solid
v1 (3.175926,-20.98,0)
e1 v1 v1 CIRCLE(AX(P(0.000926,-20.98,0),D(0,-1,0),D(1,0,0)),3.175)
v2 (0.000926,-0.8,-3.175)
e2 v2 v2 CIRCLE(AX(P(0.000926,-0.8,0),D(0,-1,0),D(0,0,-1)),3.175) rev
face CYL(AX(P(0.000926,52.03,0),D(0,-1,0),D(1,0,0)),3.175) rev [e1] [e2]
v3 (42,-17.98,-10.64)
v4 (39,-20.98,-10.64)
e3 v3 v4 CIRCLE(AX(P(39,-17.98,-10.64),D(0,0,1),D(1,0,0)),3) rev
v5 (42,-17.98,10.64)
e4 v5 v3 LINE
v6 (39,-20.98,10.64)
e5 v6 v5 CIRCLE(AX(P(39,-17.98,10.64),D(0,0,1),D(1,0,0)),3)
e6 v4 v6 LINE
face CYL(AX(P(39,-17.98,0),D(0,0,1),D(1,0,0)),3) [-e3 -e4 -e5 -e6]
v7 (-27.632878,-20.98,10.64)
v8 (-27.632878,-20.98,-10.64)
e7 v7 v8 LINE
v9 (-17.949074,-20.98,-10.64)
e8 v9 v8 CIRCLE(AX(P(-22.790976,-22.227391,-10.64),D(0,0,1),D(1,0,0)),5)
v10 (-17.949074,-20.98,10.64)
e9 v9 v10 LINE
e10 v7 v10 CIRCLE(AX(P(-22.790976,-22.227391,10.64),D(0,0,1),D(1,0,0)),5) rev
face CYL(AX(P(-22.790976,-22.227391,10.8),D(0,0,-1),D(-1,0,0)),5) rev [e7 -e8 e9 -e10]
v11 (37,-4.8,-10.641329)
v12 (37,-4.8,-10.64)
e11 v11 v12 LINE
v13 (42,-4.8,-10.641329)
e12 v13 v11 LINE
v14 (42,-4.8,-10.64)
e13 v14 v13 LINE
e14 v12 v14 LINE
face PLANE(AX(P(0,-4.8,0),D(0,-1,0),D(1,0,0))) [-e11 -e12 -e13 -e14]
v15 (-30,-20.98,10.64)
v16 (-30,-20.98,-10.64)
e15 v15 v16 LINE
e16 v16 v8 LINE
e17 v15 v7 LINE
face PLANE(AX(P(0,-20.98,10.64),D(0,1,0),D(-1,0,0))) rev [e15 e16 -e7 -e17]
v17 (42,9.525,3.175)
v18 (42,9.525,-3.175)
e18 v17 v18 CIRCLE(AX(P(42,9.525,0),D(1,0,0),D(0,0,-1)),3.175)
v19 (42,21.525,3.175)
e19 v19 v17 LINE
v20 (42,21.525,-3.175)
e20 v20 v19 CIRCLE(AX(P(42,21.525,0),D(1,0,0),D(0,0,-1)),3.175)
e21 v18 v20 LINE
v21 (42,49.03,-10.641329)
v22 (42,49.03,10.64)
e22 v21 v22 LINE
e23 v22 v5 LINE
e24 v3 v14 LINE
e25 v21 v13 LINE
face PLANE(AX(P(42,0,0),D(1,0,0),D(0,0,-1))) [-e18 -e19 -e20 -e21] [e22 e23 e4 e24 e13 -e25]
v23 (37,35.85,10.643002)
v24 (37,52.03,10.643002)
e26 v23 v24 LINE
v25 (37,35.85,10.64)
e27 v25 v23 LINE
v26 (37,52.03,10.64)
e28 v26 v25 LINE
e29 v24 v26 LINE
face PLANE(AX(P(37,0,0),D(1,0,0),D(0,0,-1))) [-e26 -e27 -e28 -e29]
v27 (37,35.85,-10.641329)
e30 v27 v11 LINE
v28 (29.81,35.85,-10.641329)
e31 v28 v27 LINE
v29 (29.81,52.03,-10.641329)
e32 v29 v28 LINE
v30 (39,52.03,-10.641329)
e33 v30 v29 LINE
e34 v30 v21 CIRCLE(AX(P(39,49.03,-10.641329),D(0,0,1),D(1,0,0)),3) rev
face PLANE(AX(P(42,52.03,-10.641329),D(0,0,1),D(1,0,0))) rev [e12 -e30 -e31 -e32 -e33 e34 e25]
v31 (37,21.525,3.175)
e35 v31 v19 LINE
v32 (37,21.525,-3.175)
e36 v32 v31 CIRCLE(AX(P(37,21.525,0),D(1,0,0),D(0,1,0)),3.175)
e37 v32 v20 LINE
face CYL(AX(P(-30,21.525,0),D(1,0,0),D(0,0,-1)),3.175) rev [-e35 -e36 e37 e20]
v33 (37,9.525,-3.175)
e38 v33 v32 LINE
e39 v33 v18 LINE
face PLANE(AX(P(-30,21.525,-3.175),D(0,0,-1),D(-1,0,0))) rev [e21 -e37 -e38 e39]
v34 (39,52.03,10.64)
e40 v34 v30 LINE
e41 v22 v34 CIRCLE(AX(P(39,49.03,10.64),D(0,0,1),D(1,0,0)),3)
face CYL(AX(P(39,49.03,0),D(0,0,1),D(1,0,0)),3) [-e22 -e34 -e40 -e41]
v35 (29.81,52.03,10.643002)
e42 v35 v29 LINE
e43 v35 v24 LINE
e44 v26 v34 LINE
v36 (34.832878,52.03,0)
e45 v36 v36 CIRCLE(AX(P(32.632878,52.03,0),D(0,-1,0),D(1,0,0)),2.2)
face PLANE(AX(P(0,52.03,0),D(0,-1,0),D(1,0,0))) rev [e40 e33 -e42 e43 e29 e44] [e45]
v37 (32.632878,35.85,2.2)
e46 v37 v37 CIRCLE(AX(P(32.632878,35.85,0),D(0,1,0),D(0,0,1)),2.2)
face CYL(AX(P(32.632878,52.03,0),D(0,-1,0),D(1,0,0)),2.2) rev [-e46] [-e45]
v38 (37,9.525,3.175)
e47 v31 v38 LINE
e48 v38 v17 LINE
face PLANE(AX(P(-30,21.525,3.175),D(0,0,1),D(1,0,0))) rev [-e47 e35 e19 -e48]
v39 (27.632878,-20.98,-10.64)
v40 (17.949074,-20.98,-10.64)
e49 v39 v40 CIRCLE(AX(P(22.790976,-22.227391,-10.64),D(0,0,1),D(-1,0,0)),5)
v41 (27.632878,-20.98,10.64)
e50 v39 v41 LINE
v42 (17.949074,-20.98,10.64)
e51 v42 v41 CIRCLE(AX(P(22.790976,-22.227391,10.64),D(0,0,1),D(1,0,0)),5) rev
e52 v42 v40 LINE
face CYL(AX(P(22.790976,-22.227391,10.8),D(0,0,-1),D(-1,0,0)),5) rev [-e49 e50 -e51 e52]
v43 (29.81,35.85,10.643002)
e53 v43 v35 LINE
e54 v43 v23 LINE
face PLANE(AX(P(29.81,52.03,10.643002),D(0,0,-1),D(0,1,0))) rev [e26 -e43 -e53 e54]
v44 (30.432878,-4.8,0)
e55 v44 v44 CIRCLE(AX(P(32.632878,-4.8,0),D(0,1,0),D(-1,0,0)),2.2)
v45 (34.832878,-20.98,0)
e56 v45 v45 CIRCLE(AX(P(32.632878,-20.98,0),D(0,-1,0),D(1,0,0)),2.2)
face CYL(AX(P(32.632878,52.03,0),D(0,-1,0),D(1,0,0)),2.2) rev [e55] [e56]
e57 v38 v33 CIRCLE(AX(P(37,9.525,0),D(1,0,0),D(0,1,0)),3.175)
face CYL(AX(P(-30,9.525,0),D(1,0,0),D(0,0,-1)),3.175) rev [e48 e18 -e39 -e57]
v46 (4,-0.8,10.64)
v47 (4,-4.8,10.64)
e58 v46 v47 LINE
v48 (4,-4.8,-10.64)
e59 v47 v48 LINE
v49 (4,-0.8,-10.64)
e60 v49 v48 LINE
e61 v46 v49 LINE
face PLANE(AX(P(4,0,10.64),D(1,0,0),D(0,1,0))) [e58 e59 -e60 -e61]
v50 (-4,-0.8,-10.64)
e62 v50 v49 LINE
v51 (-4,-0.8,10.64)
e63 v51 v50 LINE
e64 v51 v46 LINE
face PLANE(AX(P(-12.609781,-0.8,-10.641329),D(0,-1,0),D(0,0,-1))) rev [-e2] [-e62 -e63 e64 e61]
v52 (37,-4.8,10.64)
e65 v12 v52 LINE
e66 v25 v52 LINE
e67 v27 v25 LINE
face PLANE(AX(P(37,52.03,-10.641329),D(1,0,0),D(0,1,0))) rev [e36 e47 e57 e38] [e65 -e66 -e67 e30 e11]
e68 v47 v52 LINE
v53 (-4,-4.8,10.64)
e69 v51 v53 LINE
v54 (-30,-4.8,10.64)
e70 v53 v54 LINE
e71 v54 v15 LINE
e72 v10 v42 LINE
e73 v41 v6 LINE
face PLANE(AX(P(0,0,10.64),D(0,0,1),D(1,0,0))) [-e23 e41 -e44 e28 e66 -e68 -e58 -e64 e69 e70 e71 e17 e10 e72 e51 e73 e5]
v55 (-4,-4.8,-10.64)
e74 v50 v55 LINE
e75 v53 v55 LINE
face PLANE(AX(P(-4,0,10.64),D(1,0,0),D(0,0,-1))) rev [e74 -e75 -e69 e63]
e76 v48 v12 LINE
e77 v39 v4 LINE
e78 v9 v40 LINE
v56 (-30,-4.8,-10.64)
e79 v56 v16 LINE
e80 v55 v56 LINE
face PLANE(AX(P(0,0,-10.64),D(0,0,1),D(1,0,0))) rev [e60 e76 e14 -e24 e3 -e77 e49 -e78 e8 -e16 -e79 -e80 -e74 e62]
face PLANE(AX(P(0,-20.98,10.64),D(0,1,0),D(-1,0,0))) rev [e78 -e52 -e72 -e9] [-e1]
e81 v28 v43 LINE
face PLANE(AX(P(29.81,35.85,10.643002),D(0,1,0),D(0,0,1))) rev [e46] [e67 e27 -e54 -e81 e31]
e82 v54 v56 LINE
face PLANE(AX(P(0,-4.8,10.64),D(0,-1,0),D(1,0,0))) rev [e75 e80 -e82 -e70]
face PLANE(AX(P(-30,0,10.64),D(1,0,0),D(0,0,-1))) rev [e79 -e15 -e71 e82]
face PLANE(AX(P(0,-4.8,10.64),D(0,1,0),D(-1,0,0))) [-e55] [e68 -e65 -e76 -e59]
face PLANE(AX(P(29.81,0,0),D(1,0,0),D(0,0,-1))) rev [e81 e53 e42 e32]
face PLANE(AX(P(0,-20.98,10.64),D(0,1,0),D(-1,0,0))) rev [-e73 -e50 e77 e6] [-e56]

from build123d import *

# Parameters (mm, degrees)
BOSS_EXTRUDE1_DEPTH     = 10.8
BOSS_EXTRUDE2_DEPTH     = 10.64
CUT_EXTRUDE1_DEPTH      = 39.168054705
CUT_EXTRUDE1_DEPTH_BACK = 39.168054705
SKETCH5_R               = 5
FILLET1_R               = 1
SKETCH6_W               = 21.28
SKETCH6_H               = 16.18
BOSS_EXTRUDE3_DEPTH     = 12
SKETCH7_W               = 5
SKETCH7_H               = 21.281328743
BOSS_EXTRUDE4_DEPTH     = 56.83
SKETCH8_W               = 21.284331222
SKETCH8_H               = 16.18
BOSS_EXTRUDE5_DEPTH     = 7.19
FILLET3_R               = 3
SKETCH9_R               = 2.2
CUT_EXTRUDE2_DEPTH      = 85.918196519
SKETCH10_R              = 3.175
CUT_EXTRUDE3_DEPTH      = 85.918196519
SKETCH11_W              = 24.977296572
SKETCH11_H              = 9.721484234
CUT_EXTRUDE4_DEPTH      = 71.220021919
CUT_EXTRUDE6_DEPTH      = 90.46728118


with BuildPart() as part:
    # Sketch2 → Boss-Extrude1 (new body)
    with BuildSketch(Plane.XY):
        Polygon((-10.1, 0), (0, 0), (0, 7), (-6.25480432, 7), (-10.1, 1.709943763), align=None)
        Polygon((0, 0), (10.1, 0), (10.1, 1.709943763), (6.25480432, 7), (0, 7), align=None)
    extrude(amount=BOSS_EXTRUDE1_DEPTH)

    # Sketch4 → Boss-Extrude2 (add, symmetric)
    with BuildSketch(Plane.XY):
        Polygon((-4, 0), (-4, -4.8), (-30, -4.8), (-30, -20.98), (30, -20.98), (30, -4.8), (4, -4.8), (4, 0), align=None)
    extrude(amount=BOSS_EXTRUDE2_DEPTH, both=True)

    # Sketch5 → Cut-Extrude1 (cut, two sides: drawn at the far end of the back side and taken through both)
    with BuildSketch(Plane.XY.offset(-CUT_EXTRUDE1_DEPTH_BACK)):
        with Locations((-22.790976064, -22.227391232)):
            Circle(SKETCH5_R)
        with Locations((22.790976064, -22.227391232)):
            Circle(SKETCH5_R)
    extrude(amount=CUT_EXTRUDE1_DEPTH + CUT_EXTRUDE1_DEPTH_BACK, mode=Mode.SUBTRACT)

    # Fillet1
    fillet1_edges = [part.edges().sort_by_distance(p)[0] for p in [
        (-10.1, 0, 5.4),
        (-10.1, 1.709943763, 5.4),
        (-6.25480432, 7, 5.4),
        (6.25480432, 7, 5.4),
        (10.1, 1.709943763, 5.4),
        (10.1, 0, 5.4),
    ]]
    fillet(fillet1_edges, radius=FILLET1_R)

    # Sketch6 → Boss-Extrude3 (add)
    with BuildSketch(Plane(origin=(30, 0, 0), x_dir=(0, 0, -1), z_dir=(1, 0, 0))):
        with Locations((0, -12.89)):
            Rectangle(SKETCH6_W, SKETCH6_H)
    extrude(amount=BOSS_EXTRUDE3_DEPTH)

    # Sketch7 → Boss-Extrude4 (add)
    with BuildSketch(Plane(origin=(0, -4.8, 0), x_dir=(1, 0, 0), z_dir=(0, 1, 0))):
        with Locations((39.5, 0.000664372)):
            Rectangle(SKETCH7_W, SKETCH7_H)
    extrude(amount=BOSS_EXTRUDE4_DEPTH)

    # Sketch8 → Boss-Extrude5 (add)
    with BuildSketch(Plane.ZY.offset(-37)):
        with Locations((0.000836868, 43.94)):
            Rectangle(SKETCH8_W, SKETCH8_H)
    extrude(amount=BOSS_EXTRUDE5_DEPTH)

    # Fillet3
    fillet3_edges = [part.edges().sort_by_distance(p)[0] for p in [
        (42, -20.98, 0),
        (42, 52.03, -0.000664372),
    ]]
    fillet(fillet3_edges, radius=FILLET3_R)

    # Sketch9 → Cut-Extrude2 (cut, through all)
    with BuildSketch(Plane.XZ.offset(20.98)):
        with Locations((32.632878078, 0)):
            Circle(SKETCH9_R)
    extrude(amount=-CUT_EXTRUDE2_DEPTH, mode=Mode.SUBTRACT)

    # Sketch10 → Cut-Extrude3 (cut, through all)
    with BuildSketch(Plane.XZ.offset(20.98)):
        with Locations((0.000925951, 0)):
            Circle(SKETCH10_R)
    extrude(amount=-CUT_EXTRUDE3_DEPTH, mode=Mode.SUBTRACT)

    # Sketch11 → Cut-Extrude4 (cut, through all)
    with BuildSketch(Plane.XY.offset(10.8)):
        with Locations((-0.121132817, 4.060742117)):
            Rectangle(SKETCH11_W, SKETCH11_H)
    extrude(amount=-CUT_EXTRUDE4_DEPTH, mode=Mode.SUBTRACT)

    # Sketch13 → Cut-Extrude6 (cut, through all)
    with BuildSketch(Plane(origin=(42, 0, 0), x_dir=(0, 0, -1), z_dir=(1, 0, 0))):
        with BuildLine():
            Line((3.175, 21.525), (3.175, 9.525))
            ThreePointArc((3.175, 9.525), (0, 6.35), (-3.175, 9.525))
            Line((-3.175, 9.525), (-3.175, 21.525))
            ThreePointArc((-3.175, 21.525), (0, 24.7), (3.175, 21.525))
        make_face()
    extrude(amount=-CUT_EXTRUDE6_DEPTH, mode=Mode.SUBTRACT)


solid = part.part
